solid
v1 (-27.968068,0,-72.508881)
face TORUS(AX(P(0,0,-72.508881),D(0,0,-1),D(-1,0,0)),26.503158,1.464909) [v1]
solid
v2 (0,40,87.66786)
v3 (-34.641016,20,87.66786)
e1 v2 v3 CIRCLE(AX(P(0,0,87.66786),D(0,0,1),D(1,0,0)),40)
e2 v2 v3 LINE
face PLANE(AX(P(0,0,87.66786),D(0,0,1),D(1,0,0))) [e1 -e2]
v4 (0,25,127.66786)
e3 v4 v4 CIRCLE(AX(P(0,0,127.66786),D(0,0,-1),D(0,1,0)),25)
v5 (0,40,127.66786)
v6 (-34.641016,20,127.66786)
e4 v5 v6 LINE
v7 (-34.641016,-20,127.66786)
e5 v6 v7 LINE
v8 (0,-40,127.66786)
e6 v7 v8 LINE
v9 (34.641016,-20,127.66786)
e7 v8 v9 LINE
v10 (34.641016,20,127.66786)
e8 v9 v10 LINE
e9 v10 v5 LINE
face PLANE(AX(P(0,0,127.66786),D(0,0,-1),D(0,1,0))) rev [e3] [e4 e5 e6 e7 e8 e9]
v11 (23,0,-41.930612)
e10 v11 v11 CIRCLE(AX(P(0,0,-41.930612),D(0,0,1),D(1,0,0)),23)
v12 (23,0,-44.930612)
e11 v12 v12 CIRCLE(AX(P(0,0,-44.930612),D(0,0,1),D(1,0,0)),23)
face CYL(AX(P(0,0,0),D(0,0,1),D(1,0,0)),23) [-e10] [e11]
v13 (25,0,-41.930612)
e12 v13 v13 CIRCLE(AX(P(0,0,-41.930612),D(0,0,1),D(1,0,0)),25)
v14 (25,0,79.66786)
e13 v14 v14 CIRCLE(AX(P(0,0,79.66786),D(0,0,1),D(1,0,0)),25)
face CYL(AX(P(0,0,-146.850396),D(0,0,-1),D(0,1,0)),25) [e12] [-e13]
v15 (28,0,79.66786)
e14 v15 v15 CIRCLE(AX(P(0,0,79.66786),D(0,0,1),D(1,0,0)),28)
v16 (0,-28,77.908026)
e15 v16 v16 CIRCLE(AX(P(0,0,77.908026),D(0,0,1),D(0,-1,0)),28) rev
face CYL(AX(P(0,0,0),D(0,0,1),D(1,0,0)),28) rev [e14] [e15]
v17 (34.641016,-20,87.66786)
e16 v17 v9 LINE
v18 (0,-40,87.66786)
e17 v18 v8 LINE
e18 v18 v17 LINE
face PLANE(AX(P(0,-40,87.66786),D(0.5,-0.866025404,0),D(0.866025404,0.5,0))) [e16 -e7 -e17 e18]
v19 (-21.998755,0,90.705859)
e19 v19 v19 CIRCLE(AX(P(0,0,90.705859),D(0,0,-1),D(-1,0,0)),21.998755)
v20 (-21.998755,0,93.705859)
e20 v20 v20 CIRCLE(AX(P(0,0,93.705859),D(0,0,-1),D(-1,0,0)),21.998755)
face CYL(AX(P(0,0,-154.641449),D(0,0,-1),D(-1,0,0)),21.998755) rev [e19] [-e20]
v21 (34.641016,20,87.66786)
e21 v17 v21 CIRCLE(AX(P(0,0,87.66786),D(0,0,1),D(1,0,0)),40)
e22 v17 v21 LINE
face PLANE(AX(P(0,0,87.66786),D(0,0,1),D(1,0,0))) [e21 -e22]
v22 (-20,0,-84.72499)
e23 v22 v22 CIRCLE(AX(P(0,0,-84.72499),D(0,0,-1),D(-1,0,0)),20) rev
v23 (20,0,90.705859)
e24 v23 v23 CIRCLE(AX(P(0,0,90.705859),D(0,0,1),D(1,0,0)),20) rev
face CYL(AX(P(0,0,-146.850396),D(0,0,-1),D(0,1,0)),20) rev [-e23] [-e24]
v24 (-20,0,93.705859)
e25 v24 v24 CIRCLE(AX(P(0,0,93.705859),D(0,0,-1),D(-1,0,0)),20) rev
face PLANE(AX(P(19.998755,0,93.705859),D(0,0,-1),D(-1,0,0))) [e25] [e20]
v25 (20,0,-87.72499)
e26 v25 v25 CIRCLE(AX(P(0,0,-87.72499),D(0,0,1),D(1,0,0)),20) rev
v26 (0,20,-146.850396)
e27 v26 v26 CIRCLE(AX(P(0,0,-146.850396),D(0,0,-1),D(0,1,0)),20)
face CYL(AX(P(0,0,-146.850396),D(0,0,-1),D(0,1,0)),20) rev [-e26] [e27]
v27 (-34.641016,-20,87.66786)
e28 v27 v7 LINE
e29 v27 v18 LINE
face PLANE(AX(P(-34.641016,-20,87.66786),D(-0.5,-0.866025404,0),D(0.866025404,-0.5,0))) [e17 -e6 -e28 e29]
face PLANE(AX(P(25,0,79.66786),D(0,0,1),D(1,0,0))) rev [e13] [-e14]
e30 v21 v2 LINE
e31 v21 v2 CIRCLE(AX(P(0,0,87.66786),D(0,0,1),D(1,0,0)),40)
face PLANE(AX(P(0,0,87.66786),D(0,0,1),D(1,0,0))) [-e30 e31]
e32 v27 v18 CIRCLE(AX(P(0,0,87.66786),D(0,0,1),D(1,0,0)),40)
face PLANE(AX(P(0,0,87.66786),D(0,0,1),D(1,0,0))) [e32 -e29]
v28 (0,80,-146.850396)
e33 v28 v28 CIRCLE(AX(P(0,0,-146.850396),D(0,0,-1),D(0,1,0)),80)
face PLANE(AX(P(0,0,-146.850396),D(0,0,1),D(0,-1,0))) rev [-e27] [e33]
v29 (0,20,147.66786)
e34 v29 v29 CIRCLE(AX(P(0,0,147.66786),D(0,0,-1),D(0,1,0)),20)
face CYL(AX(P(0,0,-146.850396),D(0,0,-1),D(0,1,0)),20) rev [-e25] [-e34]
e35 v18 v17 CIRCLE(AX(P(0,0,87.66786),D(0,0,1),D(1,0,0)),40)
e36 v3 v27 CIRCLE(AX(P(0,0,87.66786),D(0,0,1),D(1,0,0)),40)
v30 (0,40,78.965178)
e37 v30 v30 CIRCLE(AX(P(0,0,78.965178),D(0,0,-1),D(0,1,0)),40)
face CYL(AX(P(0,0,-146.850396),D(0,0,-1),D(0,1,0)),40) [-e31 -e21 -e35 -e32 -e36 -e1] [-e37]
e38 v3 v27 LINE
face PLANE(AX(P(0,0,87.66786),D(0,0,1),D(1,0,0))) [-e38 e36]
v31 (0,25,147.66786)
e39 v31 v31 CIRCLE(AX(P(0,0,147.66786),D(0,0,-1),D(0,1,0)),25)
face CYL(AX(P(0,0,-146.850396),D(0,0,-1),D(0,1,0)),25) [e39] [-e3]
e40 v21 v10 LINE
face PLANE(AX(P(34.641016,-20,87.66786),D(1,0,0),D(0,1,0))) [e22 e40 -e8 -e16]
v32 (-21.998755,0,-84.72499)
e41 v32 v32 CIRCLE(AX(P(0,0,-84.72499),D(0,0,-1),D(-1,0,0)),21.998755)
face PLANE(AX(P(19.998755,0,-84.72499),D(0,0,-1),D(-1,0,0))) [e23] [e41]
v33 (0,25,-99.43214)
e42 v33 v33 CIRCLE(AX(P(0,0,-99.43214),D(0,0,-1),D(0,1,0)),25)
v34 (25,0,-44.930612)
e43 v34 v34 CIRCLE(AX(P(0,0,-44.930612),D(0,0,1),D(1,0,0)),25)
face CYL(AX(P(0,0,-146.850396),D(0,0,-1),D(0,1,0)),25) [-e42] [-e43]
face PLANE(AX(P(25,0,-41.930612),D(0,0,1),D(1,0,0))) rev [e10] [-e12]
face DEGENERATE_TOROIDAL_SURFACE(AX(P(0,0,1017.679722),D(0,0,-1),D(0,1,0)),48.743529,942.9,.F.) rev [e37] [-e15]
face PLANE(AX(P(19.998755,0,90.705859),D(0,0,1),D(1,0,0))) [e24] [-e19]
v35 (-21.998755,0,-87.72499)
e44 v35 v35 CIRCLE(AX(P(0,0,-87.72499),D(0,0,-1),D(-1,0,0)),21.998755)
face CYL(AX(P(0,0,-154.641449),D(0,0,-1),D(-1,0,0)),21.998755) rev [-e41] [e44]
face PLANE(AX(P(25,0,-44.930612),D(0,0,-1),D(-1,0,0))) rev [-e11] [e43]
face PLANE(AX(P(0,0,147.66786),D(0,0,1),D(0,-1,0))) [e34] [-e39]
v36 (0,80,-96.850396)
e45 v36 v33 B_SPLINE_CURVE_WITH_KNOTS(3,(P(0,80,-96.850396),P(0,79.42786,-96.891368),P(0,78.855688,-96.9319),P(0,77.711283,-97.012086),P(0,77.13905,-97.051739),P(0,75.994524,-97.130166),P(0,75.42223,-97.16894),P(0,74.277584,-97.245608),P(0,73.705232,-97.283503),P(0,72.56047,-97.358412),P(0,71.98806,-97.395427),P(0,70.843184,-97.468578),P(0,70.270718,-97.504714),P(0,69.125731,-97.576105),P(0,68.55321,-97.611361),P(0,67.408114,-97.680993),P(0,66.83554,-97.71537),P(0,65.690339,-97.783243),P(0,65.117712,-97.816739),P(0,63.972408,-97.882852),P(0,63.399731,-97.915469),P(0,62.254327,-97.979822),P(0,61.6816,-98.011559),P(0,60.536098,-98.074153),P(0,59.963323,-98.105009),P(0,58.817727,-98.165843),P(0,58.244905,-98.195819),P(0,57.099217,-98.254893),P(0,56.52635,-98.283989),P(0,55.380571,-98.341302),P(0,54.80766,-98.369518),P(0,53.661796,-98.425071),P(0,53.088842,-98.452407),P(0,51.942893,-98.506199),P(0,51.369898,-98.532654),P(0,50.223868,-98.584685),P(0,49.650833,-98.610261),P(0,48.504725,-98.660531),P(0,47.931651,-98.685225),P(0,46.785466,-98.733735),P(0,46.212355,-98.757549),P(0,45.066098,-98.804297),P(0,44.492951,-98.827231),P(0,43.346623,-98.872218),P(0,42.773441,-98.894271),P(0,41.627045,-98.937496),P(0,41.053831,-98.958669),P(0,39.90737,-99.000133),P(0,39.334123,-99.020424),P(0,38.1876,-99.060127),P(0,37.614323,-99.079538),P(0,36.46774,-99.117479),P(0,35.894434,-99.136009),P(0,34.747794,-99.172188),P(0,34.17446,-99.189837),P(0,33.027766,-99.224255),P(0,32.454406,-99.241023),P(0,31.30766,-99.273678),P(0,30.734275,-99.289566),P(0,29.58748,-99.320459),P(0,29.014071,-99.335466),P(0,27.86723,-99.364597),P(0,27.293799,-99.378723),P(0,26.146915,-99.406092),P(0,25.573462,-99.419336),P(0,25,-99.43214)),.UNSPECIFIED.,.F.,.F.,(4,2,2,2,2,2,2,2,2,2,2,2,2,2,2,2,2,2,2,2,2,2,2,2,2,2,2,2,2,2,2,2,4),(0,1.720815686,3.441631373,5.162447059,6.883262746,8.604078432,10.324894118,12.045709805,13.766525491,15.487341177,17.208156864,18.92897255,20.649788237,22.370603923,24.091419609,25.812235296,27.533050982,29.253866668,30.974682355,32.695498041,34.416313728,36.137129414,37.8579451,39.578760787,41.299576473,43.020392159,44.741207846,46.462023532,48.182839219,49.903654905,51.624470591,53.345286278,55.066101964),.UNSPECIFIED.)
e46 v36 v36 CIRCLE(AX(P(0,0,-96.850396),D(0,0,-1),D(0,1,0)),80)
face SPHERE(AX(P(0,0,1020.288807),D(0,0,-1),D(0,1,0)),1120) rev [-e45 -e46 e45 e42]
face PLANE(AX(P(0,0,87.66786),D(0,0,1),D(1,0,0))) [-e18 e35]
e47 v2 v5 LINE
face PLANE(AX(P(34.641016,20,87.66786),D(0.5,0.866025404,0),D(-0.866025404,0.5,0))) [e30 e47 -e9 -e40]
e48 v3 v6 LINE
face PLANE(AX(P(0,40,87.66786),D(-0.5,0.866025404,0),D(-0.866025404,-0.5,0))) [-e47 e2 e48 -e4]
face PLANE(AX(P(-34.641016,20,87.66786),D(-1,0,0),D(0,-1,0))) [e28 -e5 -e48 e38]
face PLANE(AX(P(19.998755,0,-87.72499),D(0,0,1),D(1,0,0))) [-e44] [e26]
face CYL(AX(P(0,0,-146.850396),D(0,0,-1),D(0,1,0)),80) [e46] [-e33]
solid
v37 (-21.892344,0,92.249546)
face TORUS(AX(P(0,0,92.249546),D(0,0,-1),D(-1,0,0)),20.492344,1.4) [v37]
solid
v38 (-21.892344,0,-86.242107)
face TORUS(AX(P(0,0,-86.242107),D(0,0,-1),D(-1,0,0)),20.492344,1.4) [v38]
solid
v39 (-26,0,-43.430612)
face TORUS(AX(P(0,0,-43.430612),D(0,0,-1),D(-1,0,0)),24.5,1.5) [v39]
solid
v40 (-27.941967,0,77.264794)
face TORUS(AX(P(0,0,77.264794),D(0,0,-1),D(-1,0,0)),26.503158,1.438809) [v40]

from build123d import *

# Parameters (mm, degrees)
SKETCH1_W          = 20
SKETCH1_H          = 5
SKETCH2_R          = 47.475732925
CUT_EXTRUDE1_DEPTH = 40
SKETCH3_W          = 3
SKETCH3_H          = 2
SKETCH3_W_2        = 2
SKETCH3_H_2        = 3
SKETCH4_W          = 2
SKETCH4_H          = 3
SKETCH5_R          = 1.5
SKETCH5_R_2        = 1.464909104
SKETCH5_R_3        = 1.4
SKETCH5_R_4        = 1.438808622


with BuildPart() as part:
    # Sketch1 → Revolve1 (revolve)
    with BuildSketch(Plane(origin=(0, 0, 0), x_dir=(0, 0, -1), z_dir=(1, 0, 0))):
        with BuildLine():
            Line((-127.667859858, 25), (-127.667859858, 20))
            Line((-127.667859858, 20), (146.850396264, 20))
            Line((146.850396264, 20), (146.850396264, 80))
            Line((146.850396264, 80), (96.850396264, 80))
            ThreePointArc((96.850396264, 80), (98.479302627, 52.515867606), (99.432140142, 25))
            Line((99.432140142, 25), (-77.667859858, 25))
            ThreePointArc((-77.667859858, 25), (-78.286578918, 32.502589449), (-78.965178016, 40))
            Line((-78.965178016, 40), (-127.667859858, 40))
            Line((-127.667859858, 40), (-127.667859858, 25))
        make_face()
        with Locations((-137.667859858, 22.5)):
            Rectangle(SKETCH1_W, SKETCH1_H)
    revolve(axis=Axis((0, 0, -146.850396264), (0, 0, 1)))

    # Sketch2 → Cut-Extrude1 (cut)
    with BuildSketch(Plane.XY.offset(127.667859858)):
        Circle(SKETCH2_R)
        Polygon((34.641016151, -20), (34.641016151, 20), (0, 40), (-34.641016151, 20), (-34.641016151, -20), (0, -40), align=None, mode=Mode.SUBTRACT)
    extrude(amount=-CUT_EXTRUDE1_DEPTH, mode=Mode.SUBTRACT)

    # Sketch3 → Cut-Revolve1 (revolve, cut)
    with BuildSketch(Plane(origin=(0, 0, 0), x_dir=(1, 0, 0), z_dir=(0, 1, 0))):
        with Locations((26.5, 97.850396264)):
            Rectangle(SKETCH3_W, SKETCH3_H)
        with Locations((24, 43.430612265)):
            Rectangle(SKETCH3_W_2, SKETCH3_H_2)
        with Locations((26.5, -78.667859858)):
            Rectangle(SKETCH3_W, SKETCH3_H)
    revolve(axis=Axis((0, 0, 0), (0, 0, -1)), mode=Mode.SUBTRACT)

    # Sketch4 → Cut-Revolve2 (revolve, cut)
    with BuildSketch(Plane(origin=(0, 0, 0), x_dir=(1, 0, 0), z_dir=(0, 1, 0)), mode=Mode.PRIVATE) as cut_revolve2_sk:
        with Locations((20.998754541, -92.205859438)):
            Rectangle(SKETCH4_W, SKETCH4_H)
        with Locations((20.998754541, 86.224989527)):
            Rectangle(SKETCH4_W, SKETCH4_H)
    revolve(cut_revolve2_sk.sketch.rotate(Axis((0, 0, -154.641449096), (0, 0, 1)), 180), axis=Axis((0, 0, -154.641449096), (0, 0, 1)), mode=Mode.SUBTRACT)


with BuildPart() as body_2:
    # Sketch5 → Revolve2 (revolve)
    with BuildSketch(Plane(origin=(0, 0, 0), x_dir=(1, 0, 0), z_dir=(0, 1, 0)), mode=Mode.PRIVATE) as revolve2_sk:
        with Locations((24.5, 43.430612265)):
            Circle(SKETCH5_R)
        with Locations((26.503158442, 72.508881384)):
            Circle(SKETCH5_R_2)
        with Locations((20.492344319, 86.242107482)):
            Circle(SKETCH5_R_3)
        with Locations((26.503158442, -77.264793694)):
            Circle(SKETCH5_R_4)
        with Locations((20.492344319, -92.249545542)):
            Circle(SKETCH5_R_3)
    revolve(revolve2_sk.sketch.rotate(Axis((0, 0, -162.722824805), (0, 0, 1)), 270), axis=Axis((0, 0, -162.722824805), (0, 0, 1)))


solid = Compound([part.part, body_2.part])
